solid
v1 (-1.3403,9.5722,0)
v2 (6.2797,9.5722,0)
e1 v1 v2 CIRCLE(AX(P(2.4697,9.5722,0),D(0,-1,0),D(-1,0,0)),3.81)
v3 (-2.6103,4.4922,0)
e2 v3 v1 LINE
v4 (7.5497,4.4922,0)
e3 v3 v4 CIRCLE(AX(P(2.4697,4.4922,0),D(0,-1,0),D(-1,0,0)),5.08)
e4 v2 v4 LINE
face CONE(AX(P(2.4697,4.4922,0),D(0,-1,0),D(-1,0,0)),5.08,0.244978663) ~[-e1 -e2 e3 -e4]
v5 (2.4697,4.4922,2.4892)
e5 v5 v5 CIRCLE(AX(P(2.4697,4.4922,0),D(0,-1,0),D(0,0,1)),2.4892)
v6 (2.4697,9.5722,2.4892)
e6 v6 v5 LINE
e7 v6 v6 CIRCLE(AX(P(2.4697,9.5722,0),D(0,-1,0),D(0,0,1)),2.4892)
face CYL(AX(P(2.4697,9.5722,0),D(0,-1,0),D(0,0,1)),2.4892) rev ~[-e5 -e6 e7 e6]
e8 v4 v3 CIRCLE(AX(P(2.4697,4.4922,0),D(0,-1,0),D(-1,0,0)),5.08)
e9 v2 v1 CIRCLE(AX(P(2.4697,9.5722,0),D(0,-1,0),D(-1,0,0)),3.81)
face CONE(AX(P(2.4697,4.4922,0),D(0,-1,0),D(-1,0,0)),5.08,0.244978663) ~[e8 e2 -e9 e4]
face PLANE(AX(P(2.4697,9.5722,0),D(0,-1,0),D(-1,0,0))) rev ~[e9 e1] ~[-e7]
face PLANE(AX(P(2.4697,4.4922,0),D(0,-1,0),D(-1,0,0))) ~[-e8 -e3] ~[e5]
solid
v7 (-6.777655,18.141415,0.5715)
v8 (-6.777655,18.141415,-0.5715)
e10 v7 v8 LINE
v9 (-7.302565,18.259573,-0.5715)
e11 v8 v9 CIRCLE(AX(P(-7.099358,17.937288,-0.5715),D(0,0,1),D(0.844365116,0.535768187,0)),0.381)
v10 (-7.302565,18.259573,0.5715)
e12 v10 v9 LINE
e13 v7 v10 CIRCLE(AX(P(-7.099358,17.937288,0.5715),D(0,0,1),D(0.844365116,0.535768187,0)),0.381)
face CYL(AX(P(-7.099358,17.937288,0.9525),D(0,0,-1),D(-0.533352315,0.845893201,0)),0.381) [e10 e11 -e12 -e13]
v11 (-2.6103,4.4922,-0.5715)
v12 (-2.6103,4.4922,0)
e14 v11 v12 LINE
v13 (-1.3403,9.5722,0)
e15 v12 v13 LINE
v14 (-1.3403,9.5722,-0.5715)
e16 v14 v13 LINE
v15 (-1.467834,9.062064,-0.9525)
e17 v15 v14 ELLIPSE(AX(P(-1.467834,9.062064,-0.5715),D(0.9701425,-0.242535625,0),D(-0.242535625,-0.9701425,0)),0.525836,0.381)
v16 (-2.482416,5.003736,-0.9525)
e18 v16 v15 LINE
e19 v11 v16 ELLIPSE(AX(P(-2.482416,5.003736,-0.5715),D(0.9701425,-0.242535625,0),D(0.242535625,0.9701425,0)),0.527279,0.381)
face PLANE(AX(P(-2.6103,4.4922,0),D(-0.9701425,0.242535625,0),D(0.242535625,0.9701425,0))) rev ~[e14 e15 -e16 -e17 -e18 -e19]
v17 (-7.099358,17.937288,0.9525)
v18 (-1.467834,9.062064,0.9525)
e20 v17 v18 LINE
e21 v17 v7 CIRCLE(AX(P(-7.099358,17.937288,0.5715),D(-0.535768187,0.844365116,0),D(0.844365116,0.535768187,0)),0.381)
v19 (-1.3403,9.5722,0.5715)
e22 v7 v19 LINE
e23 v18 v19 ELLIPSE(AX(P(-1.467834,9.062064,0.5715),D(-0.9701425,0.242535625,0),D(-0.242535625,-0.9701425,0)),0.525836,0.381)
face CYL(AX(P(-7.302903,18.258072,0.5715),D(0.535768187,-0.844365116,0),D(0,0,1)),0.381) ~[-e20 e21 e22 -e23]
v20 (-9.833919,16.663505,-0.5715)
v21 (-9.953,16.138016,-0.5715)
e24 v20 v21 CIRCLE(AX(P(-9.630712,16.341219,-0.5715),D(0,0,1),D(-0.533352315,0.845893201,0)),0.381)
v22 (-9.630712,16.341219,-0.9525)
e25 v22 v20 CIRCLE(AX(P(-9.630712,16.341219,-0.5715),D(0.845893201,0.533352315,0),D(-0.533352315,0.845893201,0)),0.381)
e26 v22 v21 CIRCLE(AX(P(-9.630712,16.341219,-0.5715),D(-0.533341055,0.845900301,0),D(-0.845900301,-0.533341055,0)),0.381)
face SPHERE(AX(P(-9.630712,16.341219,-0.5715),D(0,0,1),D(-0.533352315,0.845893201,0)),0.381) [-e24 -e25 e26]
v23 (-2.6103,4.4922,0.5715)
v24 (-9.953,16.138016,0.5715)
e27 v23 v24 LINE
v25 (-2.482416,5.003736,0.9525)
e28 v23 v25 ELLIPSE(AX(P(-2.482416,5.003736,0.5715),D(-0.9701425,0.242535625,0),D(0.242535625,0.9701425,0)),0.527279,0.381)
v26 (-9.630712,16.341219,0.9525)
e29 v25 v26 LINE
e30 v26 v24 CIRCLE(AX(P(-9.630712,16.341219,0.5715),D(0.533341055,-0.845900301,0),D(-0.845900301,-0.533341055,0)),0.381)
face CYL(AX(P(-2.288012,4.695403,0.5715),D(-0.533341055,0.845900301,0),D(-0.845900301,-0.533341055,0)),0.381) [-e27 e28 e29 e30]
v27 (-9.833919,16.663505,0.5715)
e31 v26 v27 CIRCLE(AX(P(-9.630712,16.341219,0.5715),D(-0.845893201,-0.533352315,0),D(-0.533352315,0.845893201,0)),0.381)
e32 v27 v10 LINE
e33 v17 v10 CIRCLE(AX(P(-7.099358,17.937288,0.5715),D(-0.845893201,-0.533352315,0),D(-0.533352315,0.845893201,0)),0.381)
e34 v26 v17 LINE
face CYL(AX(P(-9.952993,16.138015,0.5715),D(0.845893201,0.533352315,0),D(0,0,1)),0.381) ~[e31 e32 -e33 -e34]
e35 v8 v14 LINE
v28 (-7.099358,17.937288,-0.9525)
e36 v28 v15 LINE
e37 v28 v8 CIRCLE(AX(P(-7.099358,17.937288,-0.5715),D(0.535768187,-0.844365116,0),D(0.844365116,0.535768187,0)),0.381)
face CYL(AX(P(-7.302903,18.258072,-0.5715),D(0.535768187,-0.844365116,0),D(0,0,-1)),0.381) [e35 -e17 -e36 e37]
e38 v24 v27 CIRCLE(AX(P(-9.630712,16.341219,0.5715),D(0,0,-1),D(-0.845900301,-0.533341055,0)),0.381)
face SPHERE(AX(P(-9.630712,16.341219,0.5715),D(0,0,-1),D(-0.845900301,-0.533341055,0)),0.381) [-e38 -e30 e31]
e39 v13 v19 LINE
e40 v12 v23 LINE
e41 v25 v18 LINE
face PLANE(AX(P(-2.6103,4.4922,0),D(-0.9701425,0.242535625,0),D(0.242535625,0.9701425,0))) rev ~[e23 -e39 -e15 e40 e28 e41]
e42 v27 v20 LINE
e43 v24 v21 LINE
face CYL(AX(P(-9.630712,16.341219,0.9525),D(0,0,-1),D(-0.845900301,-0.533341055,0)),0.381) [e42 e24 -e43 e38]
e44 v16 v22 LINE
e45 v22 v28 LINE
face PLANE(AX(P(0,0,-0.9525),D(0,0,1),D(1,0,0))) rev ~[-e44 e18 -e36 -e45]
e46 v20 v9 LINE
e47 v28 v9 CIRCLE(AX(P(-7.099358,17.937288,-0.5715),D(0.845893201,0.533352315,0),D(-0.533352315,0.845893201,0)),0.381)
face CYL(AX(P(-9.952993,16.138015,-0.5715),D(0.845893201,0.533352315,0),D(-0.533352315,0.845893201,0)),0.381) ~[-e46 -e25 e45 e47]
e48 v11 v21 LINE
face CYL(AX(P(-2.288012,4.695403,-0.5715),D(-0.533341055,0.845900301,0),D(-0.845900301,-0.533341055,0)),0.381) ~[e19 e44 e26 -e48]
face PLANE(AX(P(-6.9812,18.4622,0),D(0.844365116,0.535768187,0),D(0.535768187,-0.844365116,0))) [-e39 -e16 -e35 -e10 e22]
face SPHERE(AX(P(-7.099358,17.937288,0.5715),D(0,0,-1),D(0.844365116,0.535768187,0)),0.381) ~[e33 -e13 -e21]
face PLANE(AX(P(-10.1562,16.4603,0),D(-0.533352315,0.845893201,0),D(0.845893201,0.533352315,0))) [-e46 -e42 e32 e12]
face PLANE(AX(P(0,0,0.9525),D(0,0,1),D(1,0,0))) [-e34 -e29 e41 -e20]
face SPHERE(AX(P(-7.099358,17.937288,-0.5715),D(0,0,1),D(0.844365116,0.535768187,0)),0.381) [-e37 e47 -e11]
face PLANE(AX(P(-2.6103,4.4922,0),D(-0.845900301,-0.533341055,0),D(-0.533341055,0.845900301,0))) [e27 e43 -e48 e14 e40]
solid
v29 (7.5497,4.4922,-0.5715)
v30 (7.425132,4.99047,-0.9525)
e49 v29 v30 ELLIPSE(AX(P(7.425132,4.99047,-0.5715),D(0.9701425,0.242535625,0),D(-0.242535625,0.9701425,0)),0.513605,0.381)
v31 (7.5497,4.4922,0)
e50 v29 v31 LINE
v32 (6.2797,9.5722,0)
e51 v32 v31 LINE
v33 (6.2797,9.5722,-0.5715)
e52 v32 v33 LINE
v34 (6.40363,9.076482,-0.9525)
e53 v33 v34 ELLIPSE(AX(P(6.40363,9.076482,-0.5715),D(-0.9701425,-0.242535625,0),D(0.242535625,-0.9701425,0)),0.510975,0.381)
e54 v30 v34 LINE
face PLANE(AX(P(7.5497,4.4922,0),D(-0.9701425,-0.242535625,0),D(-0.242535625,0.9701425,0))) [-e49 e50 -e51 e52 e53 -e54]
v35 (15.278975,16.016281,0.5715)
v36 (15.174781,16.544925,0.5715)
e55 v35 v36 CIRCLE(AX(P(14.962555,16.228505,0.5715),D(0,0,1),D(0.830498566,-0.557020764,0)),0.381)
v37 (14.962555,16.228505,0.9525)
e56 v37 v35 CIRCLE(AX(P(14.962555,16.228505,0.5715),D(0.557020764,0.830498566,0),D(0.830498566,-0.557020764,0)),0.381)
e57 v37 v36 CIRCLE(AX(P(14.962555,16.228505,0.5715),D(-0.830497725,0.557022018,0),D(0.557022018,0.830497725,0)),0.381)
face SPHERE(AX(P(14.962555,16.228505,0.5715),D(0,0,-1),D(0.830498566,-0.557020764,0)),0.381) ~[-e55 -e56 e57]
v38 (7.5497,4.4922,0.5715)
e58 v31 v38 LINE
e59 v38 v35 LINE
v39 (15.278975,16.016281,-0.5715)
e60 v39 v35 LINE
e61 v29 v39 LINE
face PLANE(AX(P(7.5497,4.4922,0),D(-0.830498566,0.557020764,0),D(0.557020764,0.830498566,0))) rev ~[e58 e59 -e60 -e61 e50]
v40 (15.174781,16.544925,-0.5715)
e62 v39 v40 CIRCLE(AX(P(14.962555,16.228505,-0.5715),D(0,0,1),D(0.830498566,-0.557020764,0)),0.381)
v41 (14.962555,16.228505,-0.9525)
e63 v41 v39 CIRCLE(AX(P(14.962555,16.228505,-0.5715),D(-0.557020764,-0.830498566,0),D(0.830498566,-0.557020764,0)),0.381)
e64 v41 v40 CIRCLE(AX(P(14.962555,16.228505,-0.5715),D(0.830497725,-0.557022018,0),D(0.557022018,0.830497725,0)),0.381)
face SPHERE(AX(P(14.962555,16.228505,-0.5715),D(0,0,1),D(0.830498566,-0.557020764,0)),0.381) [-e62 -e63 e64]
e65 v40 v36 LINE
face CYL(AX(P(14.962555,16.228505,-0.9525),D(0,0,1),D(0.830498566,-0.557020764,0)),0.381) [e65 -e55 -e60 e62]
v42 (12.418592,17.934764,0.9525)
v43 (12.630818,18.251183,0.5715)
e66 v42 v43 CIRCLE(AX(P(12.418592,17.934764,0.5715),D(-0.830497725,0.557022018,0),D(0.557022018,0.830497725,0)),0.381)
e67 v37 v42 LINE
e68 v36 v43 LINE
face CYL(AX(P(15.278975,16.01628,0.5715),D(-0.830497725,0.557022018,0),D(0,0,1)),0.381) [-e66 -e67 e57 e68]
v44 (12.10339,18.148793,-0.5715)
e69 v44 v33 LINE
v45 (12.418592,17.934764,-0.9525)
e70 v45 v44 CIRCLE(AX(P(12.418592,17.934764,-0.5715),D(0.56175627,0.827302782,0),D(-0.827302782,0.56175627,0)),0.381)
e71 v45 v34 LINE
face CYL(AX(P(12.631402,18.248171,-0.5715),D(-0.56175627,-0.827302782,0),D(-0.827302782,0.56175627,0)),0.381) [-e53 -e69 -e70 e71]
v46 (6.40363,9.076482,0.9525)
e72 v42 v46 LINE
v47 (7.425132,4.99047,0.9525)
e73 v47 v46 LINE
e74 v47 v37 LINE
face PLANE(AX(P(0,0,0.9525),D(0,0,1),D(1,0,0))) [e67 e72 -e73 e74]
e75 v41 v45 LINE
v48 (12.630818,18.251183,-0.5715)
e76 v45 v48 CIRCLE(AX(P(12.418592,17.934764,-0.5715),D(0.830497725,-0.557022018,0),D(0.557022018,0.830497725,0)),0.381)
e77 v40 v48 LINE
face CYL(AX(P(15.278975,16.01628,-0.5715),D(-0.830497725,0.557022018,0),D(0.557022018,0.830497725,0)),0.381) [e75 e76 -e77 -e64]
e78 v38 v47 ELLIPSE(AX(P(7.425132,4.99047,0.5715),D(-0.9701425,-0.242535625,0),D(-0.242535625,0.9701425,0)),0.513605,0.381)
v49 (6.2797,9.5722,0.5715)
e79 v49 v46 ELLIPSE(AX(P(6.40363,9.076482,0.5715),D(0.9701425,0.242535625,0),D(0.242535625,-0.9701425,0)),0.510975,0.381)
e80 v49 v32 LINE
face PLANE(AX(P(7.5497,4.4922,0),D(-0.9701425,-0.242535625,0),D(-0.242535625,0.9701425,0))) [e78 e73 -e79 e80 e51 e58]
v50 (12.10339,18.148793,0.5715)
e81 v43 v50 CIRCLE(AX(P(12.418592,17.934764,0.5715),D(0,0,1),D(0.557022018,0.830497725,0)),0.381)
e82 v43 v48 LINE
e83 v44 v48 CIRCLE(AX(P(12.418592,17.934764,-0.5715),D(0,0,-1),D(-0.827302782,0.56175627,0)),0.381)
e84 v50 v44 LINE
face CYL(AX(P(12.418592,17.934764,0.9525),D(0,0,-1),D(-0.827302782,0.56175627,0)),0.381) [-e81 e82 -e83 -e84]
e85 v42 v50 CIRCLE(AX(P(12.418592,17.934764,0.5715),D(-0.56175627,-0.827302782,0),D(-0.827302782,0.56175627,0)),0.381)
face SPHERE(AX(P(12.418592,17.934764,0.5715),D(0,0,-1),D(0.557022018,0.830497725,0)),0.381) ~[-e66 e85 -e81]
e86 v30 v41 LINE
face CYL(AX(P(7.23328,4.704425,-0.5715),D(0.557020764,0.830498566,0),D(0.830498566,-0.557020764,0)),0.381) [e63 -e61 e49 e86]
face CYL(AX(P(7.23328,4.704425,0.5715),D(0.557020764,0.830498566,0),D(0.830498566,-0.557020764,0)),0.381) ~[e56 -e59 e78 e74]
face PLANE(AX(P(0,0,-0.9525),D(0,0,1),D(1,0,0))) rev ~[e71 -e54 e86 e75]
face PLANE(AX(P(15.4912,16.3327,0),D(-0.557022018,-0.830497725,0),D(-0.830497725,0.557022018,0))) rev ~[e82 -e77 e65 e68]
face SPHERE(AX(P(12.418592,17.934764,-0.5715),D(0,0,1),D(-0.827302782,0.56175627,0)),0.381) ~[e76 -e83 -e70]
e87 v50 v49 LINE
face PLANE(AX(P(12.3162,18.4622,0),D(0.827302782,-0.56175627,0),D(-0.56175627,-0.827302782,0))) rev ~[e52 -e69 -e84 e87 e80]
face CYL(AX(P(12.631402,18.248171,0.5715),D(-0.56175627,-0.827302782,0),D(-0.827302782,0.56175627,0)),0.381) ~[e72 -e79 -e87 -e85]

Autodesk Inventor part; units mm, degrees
ref_plane "YZ Plane" through (0, 0, 0) normal (1, 0, 0) x (0, 1, 0)
ref_plane "XZ Plane" through (0, 0, 0) normal (0, 1, 0) x (-1, 0, 0)
ref_plane "XY Plane" through (0, 0, 0) normal (0, 0, 1) x (1, 0, 0)
sketch "Sketch1" plane through (0, 0, 0) normal (0, 0, 1) x (1, 0, 0)
  line L0 (2.4697, 4.4922) -> (-2.6103, 4.4922)
  line L1 (-2.6103, 4.4922) -> (-1.3403, 9.5722)
  line L2 (-1.3403, 9.5722) -> (2.4697, 9.5722)
  line L3 (2.4697, 9.5722) -> (2.4697, 4.4922)
  line L4 (7.5497, 4.4922) -> (6.2797, 9.5722)
  line L5 (-2.6103, 4.4922) -> (-10.1562, 16.4603)
  line L6 (-10.1562, 16.4603) -> (-6.9812, 18.4622)
  line L7 (-6.9812, 18.4622) -> (-1.3403, 9.5722)
  line L8 (7.5497, 4.4922) -> (15.4912, 16.3327)
  line L9 (15.4912, 16.3327) -> (12.3162, 18.4622)
  line L10 (12.3162, 18.4622) -> (6.2797, 9.5722)
  dimension "d0" = 3.175
  dimension "d1" = 3.175
  dimension "d3" = 3.81
  dimension "d4" = 5.08
  dimension "d5" = 5.08
  dimension "d6" = 5.08
  dimension "d8" = 13.97
  dimension "d9" = 13.97
revolve "Revolution1" add sketch "Sketch1" angle 360 about axis through (2.4697, 9.5722, 0) along (0, -1, 0) contours L0 L1 L2 L3
extrude "Extrusion1" add sketch "Sketch1" along normal mid plane 1.905 contours L5 L6 L7 L1
extrude "Extrusion2" add sketch "Sketch1" along normal mid plane 1.905 contours L4 L10 L9 L8
fillet "Fillet1" radius 0.381 16 edges at (-6.3833, 10.4762, 0.9525) (-4.1608, 14.0172, 0.9525) (-4.1608, 14.0172, -0.9525) (9.2979, 14.0172, 0.9525) (12.3162, 18.4622, 0) (9.2979, 14.0172, -0.9525) (13.9037, 17.3974, -0.9525) (13.9037, 17.3974, 0.9525) (15.4912, 16.3327, 0) (11.5204, 10.4124, -0.9525) (11.5204, 10.4124, 0.9525) (-8.5687, 17.4612, 0.9525) (-10.1562, 16.4603, 0) (-8.5687, 17.4612, -0.9525) (-6.9812, 18.4622, 0) (-6.3833, 10.4762, -0.9525)
hole "Hole1" at (2.4697, 9.5722, 0) direction (0, -1, 0) diameter 4.9784 depth 19.05 tip angle 118 thread size "1/4-20 UNC" class "2B" standard "ANSI Unified Screw Threads"
properties part number "HW-00011"
